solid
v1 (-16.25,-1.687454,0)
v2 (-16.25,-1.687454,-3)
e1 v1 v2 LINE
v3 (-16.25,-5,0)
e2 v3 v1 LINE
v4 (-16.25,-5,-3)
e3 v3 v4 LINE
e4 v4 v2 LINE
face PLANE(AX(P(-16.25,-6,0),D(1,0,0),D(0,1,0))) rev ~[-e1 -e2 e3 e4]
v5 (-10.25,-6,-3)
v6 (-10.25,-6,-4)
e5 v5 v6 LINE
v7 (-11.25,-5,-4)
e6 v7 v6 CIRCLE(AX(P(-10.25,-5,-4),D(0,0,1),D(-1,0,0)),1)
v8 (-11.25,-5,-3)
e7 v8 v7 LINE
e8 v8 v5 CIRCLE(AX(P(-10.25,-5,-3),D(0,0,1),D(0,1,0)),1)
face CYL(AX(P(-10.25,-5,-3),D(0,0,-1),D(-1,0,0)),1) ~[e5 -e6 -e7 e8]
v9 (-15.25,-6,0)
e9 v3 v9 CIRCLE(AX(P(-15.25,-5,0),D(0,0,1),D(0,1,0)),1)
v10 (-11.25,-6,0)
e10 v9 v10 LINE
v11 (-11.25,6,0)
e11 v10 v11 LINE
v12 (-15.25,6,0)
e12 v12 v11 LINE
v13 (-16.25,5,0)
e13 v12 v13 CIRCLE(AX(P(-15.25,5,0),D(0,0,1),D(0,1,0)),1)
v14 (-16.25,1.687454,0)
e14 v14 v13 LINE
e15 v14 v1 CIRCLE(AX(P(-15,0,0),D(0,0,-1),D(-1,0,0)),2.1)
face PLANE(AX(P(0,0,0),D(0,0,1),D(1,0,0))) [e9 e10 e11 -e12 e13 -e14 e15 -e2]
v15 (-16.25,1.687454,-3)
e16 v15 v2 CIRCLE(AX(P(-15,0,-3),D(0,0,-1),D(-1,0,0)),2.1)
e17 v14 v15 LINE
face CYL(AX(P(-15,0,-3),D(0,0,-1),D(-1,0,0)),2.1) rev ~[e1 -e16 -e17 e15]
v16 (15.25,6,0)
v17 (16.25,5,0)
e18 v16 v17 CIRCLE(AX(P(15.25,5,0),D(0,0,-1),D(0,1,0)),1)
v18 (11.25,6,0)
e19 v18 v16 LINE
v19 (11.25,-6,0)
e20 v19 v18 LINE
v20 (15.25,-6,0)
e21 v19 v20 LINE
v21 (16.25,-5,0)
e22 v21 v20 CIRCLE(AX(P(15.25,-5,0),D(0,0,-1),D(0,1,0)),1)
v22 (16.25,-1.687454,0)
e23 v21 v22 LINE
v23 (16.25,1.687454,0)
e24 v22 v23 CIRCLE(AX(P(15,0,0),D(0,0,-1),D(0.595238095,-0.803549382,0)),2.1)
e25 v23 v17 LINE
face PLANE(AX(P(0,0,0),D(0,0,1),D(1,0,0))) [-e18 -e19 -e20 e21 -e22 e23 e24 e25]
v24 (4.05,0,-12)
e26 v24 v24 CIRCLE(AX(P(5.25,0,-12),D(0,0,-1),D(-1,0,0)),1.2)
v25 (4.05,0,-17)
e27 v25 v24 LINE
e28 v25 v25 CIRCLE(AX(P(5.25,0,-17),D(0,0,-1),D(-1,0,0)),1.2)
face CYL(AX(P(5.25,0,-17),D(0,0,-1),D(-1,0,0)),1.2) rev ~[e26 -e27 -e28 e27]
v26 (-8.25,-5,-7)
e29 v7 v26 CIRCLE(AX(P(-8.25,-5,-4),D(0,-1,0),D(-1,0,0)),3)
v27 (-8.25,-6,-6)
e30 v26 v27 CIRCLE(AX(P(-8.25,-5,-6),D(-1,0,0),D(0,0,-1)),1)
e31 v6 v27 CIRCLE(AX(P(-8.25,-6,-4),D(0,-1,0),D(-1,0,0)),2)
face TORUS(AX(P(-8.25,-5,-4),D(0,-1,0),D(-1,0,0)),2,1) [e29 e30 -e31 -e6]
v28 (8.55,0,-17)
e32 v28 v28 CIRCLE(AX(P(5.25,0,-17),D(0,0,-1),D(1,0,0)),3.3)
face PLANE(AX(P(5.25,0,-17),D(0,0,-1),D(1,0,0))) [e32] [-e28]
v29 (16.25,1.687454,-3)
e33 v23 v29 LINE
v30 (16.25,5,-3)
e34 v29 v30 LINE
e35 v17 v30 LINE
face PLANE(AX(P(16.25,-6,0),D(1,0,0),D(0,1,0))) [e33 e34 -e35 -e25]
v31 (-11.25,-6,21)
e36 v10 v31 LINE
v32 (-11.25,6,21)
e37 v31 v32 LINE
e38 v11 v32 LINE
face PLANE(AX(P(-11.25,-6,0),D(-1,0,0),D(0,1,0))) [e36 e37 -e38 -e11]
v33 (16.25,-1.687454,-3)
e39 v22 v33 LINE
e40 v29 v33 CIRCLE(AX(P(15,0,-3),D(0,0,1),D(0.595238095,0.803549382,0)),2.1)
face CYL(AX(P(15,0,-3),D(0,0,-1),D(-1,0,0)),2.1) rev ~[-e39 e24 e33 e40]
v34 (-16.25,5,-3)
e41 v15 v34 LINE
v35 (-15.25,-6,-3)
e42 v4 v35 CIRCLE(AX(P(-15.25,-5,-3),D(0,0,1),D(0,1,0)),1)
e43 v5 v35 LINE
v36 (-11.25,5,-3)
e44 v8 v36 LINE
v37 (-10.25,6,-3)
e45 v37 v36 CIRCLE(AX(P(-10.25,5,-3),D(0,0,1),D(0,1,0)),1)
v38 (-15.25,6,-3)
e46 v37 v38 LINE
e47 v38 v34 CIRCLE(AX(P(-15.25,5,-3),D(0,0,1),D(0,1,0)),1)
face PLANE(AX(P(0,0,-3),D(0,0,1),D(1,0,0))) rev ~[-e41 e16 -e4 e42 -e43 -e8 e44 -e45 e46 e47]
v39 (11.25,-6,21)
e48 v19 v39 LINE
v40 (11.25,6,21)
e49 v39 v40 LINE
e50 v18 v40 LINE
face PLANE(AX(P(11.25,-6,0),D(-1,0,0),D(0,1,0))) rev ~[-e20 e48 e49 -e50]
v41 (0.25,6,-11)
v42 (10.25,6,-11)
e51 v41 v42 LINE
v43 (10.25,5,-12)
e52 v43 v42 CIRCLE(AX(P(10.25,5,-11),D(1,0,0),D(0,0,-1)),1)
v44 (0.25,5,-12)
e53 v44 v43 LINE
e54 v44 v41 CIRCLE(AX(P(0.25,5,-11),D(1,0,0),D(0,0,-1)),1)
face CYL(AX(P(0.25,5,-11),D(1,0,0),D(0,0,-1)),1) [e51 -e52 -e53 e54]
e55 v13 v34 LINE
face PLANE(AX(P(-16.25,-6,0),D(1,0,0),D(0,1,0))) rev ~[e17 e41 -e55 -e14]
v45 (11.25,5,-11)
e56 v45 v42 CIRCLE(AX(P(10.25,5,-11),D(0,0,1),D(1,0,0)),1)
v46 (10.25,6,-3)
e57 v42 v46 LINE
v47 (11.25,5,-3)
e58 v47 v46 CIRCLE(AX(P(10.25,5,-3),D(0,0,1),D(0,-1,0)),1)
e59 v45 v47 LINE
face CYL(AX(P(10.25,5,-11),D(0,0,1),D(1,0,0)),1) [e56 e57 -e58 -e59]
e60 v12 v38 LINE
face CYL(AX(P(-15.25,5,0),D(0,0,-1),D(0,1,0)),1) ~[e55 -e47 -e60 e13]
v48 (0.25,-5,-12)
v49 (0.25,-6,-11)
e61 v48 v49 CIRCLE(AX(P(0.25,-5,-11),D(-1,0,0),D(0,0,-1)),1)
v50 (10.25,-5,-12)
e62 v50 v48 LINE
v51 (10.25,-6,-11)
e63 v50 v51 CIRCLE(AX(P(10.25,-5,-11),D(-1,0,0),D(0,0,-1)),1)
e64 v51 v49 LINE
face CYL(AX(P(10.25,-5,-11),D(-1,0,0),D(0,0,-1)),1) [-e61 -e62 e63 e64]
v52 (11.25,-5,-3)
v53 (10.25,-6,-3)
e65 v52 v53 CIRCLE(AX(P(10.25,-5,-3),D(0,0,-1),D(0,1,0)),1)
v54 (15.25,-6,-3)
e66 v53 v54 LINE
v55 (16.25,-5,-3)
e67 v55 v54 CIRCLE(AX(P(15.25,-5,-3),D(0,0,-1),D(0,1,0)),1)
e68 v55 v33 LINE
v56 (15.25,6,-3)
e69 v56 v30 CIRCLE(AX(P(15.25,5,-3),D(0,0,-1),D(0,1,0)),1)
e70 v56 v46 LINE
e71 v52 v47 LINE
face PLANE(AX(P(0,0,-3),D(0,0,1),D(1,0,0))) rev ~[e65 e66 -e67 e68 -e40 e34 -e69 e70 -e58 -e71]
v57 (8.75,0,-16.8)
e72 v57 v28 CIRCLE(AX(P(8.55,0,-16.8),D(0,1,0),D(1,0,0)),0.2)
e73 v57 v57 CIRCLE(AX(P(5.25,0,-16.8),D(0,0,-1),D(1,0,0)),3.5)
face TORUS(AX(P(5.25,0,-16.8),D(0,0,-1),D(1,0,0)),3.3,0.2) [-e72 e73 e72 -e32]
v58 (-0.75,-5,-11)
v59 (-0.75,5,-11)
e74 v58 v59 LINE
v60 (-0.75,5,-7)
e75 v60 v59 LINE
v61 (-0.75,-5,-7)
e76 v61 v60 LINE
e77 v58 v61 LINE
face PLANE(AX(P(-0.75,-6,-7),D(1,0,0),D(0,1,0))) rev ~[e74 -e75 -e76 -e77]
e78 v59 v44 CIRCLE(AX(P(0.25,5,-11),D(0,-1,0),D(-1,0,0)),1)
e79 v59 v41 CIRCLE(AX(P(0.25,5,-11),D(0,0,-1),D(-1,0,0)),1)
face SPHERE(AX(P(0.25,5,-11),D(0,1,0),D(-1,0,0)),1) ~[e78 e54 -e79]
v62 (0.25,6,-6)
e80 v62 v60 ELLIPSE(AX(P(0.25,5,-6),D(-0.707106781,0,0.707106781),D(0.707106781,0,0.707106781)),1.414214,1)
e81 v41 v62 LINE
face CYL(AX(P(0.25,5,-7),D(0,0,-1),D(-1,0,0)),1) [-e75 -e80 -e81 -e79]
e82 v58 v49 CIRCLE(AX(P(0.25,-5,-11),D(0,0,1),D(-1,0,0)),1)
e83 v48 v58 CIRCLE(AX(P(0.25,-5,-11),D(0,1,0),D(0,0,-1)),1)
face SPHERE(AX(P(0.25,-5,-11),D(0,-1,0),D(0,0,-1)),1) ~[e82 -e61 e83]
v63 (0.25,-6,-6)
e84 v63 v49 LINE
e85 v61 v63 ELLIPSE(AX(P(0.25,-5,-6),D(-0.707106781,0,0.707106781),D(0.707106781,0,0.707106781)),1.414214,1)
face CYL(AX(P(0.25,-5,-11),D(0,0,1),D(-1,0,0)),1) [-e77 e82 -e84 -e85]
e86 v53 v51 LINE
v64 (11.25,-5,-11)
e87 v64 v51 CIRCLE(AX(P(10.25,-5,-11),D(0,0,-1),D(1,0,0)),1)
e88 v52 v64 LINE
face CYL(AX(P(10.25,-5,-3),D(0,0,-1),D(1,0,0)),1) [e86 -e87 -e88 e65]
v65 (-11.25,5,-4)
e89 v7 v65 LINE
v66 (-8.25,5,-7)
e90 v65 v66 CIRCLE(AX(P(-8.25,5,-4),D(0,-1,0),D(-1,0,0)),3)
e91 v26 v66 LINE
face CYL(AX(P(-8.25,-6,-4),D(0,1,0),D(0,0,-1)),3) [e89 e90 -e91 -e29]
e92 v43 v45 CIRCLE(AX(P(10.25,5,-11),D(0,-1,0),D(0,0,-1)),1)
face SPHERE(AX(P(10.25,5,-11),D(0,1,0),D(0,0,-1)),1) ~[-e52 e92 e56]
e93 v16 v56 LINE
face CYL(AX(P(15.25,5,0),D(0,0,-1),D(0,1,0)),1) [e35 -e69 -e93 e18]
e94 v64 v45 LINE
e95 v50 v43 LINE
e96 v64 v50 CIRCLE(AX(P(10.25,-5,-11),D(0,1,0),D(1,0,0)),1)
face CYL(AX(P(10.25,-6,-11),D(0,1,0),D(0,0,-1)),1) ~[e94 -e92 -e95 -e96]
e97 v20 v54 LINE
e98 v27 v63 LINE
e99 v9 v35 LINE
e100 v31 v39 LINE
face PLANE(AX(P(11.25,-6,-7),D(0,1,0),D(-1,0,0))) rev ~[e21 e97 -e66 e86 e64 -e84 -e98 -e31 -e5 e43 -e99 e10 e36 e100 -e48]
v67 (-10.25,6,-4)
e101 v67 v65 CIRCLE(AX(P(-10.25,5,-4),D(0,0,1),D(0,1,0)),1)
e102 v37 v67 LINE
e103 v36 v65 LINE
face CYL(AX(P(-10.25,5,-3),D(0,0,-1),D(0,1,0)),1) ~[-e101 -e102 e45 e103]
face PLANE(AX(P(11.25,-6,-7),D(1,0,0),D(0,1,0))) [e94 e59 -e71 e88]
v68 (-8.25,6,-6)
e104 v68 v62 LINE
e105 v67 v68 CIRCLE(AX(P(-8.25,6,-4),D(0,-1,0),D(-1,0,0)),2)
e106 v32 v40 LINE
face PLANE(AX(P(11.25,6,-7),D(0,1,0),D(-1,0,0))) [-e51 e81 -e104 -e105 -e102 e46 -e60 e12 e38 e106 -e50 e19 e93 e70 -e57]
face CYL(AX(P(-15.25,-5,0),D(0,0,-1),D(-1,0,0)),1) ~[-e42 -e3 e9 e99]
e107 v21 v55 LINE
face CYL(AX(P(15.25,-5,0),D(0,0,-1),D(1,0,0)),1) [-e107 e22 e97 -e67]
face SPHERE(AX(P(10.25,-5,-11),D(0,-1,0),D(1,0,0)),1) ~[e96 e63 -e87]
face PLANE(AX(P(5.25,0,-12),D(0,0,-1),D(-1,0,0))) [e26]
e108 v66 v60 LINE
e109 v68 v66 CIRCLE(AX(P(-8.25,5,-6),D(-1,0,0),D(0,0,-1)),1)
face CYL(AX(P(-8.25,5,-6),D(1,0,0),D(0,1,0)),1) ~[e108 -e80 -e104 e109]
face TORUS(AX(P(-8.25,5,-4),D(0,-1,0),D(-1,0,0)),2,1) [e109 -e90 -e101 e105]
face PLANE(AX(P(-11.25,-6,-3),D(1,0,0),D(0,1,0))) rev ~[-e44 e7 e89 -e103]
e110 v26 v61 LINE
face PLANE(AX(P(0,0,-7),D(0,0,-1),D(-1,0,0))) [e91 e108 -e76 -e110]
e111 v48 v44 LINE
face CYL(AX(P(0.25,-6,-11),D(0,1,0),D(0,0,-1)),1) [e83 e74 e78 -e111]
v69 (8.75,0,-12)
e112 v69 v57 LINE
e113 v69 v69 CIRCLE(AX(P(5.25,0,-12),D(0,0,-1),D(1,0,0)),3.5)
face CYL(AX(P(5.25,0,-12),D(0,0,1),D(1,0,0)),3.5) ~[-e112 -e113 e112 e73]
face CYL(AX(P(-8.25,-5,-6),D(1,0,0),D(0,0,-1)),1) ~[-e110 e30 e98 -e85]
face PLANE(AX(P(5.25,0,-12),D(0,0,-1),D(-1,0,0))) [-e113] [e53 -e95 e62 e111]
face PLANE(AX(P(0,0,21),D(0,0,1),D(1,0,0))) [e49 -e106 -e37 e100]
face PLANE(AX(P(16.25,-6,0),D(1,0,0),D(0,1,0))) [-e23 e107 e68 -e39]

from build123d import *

# Parameters (mm, degrees)
SKETCH1_W           = 22.5
SKETCH1_H           = 12
BOSS_EXTRUDE1_DEPTH = 21
SKETCH2_W           = 32.5
SKETCH2_H           = 12
BOSS_EXTRUDE2_DEPTH = 3
SKETCH3_W           = 22.5
SKETCH3_H           = 12
BOSS_EXTRUDE6_DEPTH = 4
SKETCH5_W           = 12
SKETCH5_H           = 12
BOSS_EXTRUDE7_DEPTH = 5
SKETCH6_R           = 3.5
BOSS_EXTRUDE8_DEPTH = 5
SKETCH7_R           = 1.2
CUT_EXTRUDE1_DEPTH  = 5
FILLET3_R           = 3
FILLET4_R           = 1
FILLET5_R           = 1
FILLET6_R           = 1
FILLET7_R           = 1
FILLET8_R           = 1
FILLET9_R           = 1
FILLET10_R          = 0.2
SKETCH14_R          = 2.1
CUT_EXTRUDE4_DEPTH  = 5
SKETCH13_R          = 2.1
CUT_EXTRUDE5_DEPTH  = 5
FILLET11_R          = 1


with BuildPart() as part:
    # Sketch1 → Boss-Extrude1 (new body)
    with BuildSketch(Plane.XY):
        Rectangle(SKETCH1_W, SKETCH1_H)
    extrude(amount=BOSS_EXTRUDE1_DEPTH)

    # Sketch2 → Boss-Extrude2 (add)
    with BuildSketch(Plane.XY):
        Rectangle(SKETCH2_W, SKETCH2_H)
    extrude(amount=-BOSS_EXTRUDE2_DEPTH)

    # Sketch3 → Boss-Extrude6 (add)
    with BuildSketch(Plane(origin=(0, 0, -3), x_dir=(-1, 0, 0), z_dir=(0, 0, -1))):
        Rectangle(SKETCH3_W, SKETCH3_H)
    extrude(amount=BOSS_EXTRUDE6_DEPTH)

    # Sketch5 → Boss-Extrude7 (add)
    with BuildSketch(Plane(origin=(0, 0, -7), x_dir=(-1, 0, 0), z_dir=(0, 0, -1))):
        with Locations((-5.25, 0)):
            Rectangle(SKETCH5_W, SKETCH5_H)
    extrude(amount=BOSS_EXTRUDE7_DEPTH)

    # Sketch6 → Boss-Extrude8 (add)
    with BuildSketch(Plane(origin=(0, 0, -12), x_dir=(-1, 0, 0), z_dir=(0, 0, -1))):
        with Locations(Location((-5.25, 0, 0), (0, 0, 180))):
            Circle(SKETCH6_R)
    extrude(amount=BOSS_EXTRUDE8_DEPTH)

    # Sketch7 → Cut-Extrude1 (cut)
    with BuildSketch(Plane(origin=(0, 0, -17), x_dir=(-1, 0, 0), z_dir=(0, 0, -1))):
        with Locations((-5.25, 0)):
            Circle(SKETCH7_R)
    extrude(amount=-CUT_EXTRUDE1_DEPTH, mode=Mode.SUBTRACT)

    # Fillet3
    fillet3_edges = [part.edges().sort_by_distance(p)[0] for p in [
        (-11.25, 0, -7),
    ]]
    fillet(fillet3_edges, radius=FILLET3_R)

    # Fillet4
    fillet4_edges = [part.edges().sort_by_distance(p)[0] for p in [
        (11.25, 0, -12),
    ]]
    fillet(fillet4_edges, radius=FILLET4_R)

    # Fillet5
    fillet5_edges = [part.edges().sort_by_distance(p)[0] for p in [
        (-0.75, 0, -12),
    ]]
    fillet(fillet5_edges, radius=FILLET5_R)

    # Fillet6
    fillet6_edges = [part.edges().sort_by_distance(p)[0] for p in [
        (11.25, -6, -7),
        (10.957106781, -6, -11.707106781),
        (-0.75, -6, -9),
        (-0.457106781, -6, -11.707106781),
        (5.25, -6, -12),
    ]]
    fillet(fillet6_edges, radius=FILLET6_R)

    # Fillet7
    fillet7_edges = [part.edges().sort_by_distance(p)[0] for p in [
        (11.25, 6, -7),
        (10.957106781, 6, -11.707106781),
        (-0.75, 6, -9),
        (-0.457106781, 6, -11.707106781),
        (5.25, 6, -12),
    ]]
    fillet(fillet7_edges, radius=FILLET7_R)

    # Fillet8
    fillet8_edges = [part.edges().sort_by_distance(p)[0] for p in [
        (-11.25, 6, -3.5),
        (-10.371320344, 6, -6.121320344),
        (-4, 6, -7),
    ]]
    fillet(fillet8_edges, radius=FILLET8_R)

    # Fillet9
    fillet9_edges = [part.edges().sort_by_distance(p)[0] for p in [
        (-11.25, -6, -3.5),
        (-10.371320344, -6, -6.121320344),
        (-4, -6, -7),
    ]]
    fillet(fillet9_edges, radius=FILLET9_R)

    # Fillet10
    fillet10_edges = [part.edges().sort_by_distance(p)[0] for p in [
        (1.75, 0, -17),
    ]]
    fillet(fillet10_edges, radius=FILLET10_R)

    # Sketch14 → Cut-Extrude4 (cut)
    with BuildSketch(Plane(origin=(0, 0, -3), x_dir=(-1, 0, 0), z_dir=(0, 0, -1))):
        with Locations((15, 0)):
            Circle(SKETCH14_R)
    extrude(amount=-CUT_EXTRUDE4_DEPTH, mode=Mode.SUBTRACT)

    # Sketch13 → Cut-Extrude5 (cut)
    with BuildSketch(Plane(origin=(0, 0, -3), x_dir=(-1, 0, 0), z_dir=(0, 0, -1))):
        with Locations((-15, 0)):
            Circle(SKETCH13_R)
    extrude(amount=-CUT_EXTRUDE5_DEPTH, mode=Mode.SUBTRACT)

    # Fillet11
    fillet11_edges = [part.edges().sort_by_distance(p)[0] for p in [
        (-16.25, -6, -1.5),
        (-16.25, 6, -1.5),
        (16.25, -6, -1.5),
        (16.25, 6, -1.5),
    ]]
    fillet(fillet11_edges, radius=FILLET11_R)


solid = part.part
